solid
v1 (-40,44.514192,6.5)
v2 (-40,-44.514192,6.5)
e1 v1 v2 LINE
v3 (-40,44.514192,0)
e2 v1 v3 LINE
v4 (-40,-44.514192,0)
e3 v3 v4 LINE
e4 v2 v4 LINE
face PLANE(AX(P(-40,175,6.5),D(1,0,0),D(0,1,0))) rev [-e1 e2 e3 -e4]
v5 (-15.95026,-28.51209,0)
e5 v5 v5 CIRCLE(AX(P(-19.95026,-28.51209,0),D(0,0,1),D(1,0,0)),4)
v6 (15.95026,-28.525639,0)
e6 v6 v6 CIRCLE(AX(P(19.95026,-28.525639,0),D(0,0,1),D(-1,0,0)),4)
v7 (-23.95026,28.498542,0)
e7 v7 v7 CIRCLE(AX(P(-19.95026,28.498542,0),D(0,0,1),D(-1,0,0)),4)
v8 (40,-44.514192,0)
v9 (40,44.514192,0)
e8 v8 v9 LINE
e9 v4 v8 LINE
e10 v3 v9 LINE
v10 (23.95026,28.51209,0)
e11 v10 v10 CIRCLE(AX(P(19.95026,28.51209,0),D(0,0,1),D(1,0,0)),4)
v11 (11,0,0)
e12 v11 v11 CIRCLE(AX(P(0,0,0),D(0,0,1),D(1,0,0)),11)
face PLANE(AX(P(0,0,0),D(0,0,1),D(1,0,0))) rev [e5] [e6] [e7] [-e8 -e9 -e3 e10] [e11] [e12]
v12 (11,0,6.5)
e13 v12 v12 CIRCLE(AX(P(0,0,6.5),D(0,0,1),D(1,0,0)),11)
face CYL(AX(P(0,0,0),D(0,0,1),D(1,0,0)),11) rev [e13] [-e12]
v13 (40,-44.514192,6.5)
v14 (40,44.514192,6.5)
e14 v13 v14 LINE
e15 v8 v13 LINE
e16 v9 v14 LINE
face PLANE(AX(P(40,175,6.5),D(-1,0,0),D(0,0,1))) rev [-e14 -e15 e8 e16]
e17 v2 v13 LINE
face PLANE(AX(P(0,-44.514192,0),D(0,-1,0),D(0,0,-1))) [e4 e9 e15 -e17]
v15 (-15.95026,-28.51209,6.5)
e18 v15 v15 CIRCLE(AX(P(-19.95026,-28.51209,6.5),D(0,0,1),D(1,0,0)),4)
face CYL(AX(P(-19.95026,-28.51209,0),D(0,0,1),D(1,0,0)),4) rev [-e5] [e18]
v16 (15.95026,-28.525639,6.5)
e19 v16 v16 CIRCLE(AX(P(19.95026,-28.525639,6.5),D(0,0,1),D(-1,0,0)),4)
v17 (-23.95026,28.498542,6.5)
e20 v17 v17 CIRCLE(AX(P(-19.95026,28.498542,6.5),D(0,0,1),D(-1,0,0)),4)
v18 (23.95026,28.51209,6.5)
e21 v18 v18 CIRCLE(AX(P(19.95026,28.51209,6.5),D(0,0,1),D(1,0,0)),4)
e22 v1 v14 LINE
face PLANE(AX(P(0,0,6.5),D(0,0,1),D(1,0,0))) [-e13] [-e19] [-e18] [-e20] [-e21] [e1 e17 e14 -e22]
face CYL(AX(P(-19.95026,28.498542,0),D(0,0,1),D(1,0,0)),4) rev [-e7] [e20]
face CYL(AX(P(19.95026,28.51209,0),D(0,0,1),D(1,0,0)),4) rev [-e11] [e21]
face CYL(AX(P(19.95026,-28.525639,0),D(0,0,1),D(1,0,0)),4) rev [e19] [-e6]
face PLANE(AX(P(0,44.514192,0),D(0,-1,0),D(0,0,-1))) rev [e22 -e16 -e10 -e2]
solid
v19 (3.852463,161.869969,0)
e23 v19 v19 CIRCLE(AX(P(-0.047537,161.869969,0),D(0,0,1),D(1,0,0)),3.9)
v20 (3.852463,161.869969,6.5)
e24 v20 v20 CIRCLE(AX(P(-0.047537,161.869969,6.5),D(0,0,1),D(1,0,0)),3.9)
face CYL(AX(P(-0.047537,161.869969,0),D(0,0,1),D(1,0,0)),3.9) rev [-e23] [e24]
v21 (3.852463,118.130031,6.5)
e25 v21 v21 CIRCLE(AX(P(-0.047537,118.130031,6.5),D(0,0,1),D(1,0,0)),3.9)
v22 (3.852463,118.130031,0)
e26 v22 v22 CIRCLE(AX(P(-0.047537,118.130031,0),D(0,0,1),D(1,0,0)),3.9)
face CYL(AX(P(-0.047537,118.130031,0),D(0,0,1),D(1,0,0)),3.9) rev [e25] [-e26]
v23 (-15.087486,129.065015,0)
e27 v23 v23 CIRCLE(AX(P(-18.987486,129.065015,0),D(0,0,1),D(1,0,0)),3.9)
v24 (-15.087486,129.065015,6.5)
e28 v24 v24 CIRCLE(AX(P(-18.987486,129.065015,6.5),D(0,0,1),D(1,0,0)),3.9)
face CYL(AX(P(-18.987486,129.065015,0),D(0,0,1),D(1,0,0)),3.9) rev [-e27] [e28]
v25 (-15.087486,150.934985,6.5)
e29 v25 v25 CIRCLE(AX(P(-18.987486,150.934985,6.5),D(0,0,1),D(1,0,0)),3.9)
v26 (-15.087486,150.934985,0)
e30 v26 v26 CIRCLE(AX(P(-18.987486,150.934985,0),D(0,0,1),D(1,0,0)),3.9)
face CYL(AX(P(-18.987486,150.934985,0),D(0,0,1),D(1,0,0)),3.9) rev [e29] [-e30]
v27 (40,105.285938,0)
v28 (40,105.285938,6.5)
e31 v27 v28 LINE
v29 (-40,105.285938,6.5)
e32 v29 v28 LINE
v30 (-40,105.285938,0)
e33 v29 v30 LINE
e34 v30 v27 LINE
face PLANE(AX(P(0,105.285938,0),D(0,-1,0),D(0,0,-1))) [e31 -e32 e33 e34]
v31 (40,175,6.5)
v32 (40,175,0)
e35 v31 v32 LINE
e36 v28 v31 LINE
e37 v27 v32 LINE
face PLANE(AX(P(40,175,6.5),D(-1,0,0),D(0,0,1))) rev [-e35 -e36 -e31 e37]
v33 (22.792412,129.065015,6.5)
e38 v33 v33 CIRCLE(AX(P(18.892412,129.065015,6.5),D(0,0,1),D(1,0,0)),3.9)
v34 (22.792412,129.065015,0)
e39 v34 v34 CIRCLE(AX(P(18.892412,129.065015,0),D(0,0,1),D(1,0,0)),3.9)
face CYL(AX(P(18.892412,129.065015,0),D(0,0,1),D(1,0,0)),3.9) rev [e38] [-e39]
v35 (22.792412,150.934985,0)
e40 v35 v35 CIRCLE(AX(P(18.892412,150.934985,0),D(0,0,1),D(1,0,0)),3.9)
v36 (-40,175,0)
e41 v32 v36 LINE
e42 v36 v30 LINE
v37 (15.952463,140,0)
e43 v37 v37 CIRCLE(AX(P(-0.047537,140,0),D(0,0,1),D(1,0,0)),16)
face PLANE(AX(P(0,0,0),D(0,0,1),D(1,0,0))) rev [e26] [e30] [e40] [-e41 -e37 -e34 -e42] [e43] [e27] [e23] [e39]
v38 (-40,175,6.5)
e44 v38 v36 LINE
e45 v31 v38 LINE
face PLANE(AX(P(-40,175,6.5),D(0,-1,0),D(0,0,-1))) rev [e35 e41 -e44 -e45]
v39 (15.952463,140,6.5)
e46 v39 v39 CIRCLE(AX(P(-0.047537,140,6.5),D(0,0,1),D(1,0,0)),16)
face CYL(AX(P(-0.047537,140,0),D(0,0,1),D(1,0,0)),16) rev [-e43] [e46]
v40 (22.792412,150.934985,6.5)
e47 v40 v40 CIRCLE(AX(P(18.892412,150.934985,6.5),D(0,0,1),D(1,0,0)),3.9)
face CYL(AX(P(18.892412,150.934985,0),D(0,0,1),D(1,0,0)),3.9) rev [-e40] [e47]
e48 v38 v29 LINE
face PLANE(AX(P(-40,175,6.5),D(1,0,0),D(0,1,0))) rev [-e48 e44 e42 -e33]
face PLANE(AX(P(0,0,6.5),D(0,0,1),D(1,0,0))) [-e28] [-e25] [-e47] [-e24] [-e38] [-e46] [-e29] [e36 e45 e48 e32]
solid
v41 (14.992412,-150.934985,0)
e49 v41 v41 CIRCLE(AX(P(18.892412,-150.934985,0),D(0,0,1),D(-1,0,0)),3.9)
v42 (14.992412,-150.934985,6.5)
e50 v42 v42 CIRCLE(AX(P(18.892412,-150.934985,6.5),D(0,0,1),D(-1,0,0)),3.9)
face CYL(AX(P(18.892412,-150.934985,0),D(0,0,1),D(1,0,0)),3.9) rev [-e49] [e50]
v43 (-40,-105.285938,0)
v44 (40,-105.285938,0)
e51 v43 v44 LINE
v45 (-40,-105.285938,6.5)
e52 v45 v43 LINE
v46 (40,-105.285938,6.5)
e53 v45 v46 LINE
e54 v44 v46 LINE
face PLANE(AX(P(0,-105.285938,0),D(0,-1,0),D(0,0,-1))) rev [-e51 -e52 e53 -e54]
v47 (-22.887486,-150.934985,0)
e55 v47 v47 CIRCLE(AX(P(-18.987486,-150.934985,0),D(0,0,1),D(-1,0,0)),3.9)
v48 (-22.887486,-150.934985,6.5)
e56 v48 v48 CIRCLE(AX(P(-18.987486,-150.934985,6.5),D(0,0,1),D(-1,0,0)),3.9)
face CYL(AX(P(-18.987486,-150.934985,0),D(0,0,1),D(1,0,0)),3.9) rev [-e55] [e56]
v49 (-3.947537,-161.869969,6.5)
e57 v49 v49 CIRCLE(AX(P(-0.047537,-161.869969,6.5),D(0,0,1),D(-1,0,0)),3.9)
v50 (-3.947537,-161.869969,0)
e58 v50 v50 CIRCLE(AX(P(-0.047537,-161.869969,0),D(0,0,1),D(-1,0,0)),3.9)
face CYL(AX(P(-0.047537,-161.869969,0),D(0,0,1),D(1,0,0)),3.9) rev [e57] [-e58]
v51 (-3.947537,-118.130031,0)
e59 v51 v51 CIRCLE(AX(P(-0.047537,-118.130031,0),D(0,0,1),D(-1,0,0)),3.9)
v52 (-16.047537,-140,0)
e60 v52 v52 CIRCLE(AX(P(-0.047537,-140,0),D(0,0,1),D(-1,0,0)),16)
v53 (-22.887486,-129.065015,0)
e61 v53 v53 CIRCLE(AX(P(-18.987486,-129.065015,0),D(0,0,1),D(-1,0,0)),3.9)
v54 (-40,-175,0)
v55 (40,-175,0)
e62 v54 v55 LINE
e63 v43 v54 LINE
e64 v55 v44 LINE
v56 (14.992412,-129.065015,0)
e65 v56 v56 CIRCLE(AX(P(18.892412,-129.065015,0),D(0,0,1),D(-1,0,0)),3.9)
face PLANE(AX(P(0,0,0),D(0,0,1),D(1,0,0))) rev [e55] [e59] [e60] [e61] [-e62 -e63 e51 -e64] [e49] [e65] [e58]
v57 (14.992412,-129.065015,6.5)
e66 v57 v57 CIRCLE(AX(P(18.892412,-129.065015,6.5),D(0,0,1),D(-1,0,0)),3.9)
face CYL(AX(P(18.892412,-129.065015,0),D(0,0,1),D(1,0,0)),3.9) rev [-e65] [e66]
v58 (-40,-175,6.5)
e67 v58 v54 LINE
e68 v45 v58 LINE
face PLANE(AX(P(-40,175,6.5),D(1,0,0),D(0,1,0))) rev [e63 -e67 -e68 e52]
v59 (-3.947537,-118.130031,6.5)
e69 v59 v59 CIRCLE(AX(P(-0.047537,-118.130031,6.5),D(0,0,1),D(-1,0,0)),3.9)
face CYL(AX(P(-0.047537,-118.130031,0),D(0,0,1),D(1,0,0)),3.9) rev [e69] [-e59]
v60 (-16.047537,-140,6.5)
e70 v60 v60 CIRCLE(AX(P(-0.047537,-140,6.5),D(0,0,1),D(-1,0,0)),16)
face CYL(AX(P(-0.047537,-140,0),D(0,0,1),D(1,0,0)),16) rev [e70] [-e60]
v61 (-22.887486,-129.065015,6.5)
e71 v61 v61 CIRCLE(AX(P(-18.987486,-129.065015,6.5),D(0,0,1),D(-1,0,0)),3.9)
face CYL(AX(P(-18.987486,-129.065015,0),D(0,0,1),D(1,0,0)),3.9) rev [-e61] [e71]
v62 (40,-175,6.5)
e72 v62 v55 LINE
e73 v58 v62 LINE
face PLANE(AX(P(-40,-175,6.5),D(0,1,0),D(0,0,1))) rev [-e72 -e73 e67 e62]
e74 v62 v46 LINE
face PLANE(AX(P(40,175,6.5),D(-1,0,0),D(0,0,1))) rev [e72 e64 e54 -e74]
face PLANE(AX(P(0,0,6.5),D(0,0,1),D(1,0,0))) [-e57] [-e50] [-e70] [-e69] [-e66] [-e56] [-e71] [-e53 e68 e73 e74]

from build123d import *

# Parameters (mm, degrees)
SKETCH2_W           = 80
SKETCH2_H           = 350
BOSS_EXTRUDE1_DEPTH = 6.5
SKETCH3_R           = 11
SKETCH3_R_2         = 16
SKETCH3_R_3         = 3.9
SKETCH3_R_4         = 4
CUT_EXTRUDE1_DEPTH  = 7.5
CUT_EXTRUDE2_DEPTH  = 7.5


with BuildPart() as part:
    # Sketch2 → Boss-Extrude1 (new body)
    with BuildSketch(Plane.XY):
        Rectangle(SKETCH2_W, SKETCH2_H)
    extrude(amount=BOSS_EXTRUDE1_DEPTH)

    # Sketch3 → Cut-Extrude1 (cut, through all)
    with BuildSketch(Plane.XY.offset(6.5)):
        Circle(SKETCH3_R)
        with Locations((-0.047536851, 140)):
            Circle(SKETCH3_R_2)
        with Locations((-0.047536851, -140)):
            Circle(SKETCH3_R_2)
        with Locations((-0.047536851, 118.130030835)):
            Circle(SKETCH3_R_3)
        with Locations((-18.987485728, 129.065015417)):
            Circle(SKETCH3_R_3)
        with Locations((-18.987485728, 150.934984583)):
            Circle(SKETCH3_R_3)
        with Locations((-0.047536851, 161.869969165)):
            Circle(SKETCH3_R_3)
        with Locations((18.892412027, 150.934984583)):
            Circle(SKETCH3_R_3)
        with Locations((18.892412027, 129.065015417)):
            Circle(SKETCH3_R_3)
        with Locations((18.892412027, -129.065015417)):
            Circle(SKETCH3_R_3)
        with Locations((18.892412027, -150.934984583)):
            Circle(SKETCH3_R_3)
        with Locations((-0.047536851, -161.869969165)):
            Circle(SKETCH3_R_3)
        with Locations((-18.987485728, -150.934984583)):
            Circle(SKETCH3_R_3)
        with Locations((-18.987485728, -129.065015417)):
            Circle(SKETCH3_R_3)
        with Locations((-0.047536851, -118.130030835)):
            Circle(SKETCH3_R_3)
        with Locations((19.950260187, 28.512090355)):
            Circle(SKETCH3_R_4)
        with Locations((-19.950260187, 28.498542176)):
            Circle(SKETCH3_R_4)
        with Locations((19.950260187, -28.525638534)):
            Circle(SKETCH3_R_4)
        with Locations((-19.950260187, -28.512090355)):
            Circle(SKETCH3_R_4)
    extrude(amount=-CUT_EXTRUDE1_DEPTH, mode=Mode.SUBTRACT)

    # Sketch4 → Cut-Extrude2 (cut, through all)
    with BuildSketch(Plane.XY.offset(6.5)):
        Polygon((-68.864439422, 44.514191981), (-41.075494308, 44.514191981), (41.075494308, 44.514191981), (68.816902572, 44.514191981), (68.816902572, 105.285938424), (-68.864439422, 105.285938424), align=None)
        Polygon((41.075494308, -44.514191981), (-41.075494308, -44.514191981), (-68.864439422, -44.514191981), (-68.864439422, -105.285938424), (68.816902572, -105.285938424), (68.816902572, -44.514191981), align=None)
    extrude(amount=-CUT_EXTRUDE2_DEPTH, mode=Mode.SUBTRACT)


solid = part.part
